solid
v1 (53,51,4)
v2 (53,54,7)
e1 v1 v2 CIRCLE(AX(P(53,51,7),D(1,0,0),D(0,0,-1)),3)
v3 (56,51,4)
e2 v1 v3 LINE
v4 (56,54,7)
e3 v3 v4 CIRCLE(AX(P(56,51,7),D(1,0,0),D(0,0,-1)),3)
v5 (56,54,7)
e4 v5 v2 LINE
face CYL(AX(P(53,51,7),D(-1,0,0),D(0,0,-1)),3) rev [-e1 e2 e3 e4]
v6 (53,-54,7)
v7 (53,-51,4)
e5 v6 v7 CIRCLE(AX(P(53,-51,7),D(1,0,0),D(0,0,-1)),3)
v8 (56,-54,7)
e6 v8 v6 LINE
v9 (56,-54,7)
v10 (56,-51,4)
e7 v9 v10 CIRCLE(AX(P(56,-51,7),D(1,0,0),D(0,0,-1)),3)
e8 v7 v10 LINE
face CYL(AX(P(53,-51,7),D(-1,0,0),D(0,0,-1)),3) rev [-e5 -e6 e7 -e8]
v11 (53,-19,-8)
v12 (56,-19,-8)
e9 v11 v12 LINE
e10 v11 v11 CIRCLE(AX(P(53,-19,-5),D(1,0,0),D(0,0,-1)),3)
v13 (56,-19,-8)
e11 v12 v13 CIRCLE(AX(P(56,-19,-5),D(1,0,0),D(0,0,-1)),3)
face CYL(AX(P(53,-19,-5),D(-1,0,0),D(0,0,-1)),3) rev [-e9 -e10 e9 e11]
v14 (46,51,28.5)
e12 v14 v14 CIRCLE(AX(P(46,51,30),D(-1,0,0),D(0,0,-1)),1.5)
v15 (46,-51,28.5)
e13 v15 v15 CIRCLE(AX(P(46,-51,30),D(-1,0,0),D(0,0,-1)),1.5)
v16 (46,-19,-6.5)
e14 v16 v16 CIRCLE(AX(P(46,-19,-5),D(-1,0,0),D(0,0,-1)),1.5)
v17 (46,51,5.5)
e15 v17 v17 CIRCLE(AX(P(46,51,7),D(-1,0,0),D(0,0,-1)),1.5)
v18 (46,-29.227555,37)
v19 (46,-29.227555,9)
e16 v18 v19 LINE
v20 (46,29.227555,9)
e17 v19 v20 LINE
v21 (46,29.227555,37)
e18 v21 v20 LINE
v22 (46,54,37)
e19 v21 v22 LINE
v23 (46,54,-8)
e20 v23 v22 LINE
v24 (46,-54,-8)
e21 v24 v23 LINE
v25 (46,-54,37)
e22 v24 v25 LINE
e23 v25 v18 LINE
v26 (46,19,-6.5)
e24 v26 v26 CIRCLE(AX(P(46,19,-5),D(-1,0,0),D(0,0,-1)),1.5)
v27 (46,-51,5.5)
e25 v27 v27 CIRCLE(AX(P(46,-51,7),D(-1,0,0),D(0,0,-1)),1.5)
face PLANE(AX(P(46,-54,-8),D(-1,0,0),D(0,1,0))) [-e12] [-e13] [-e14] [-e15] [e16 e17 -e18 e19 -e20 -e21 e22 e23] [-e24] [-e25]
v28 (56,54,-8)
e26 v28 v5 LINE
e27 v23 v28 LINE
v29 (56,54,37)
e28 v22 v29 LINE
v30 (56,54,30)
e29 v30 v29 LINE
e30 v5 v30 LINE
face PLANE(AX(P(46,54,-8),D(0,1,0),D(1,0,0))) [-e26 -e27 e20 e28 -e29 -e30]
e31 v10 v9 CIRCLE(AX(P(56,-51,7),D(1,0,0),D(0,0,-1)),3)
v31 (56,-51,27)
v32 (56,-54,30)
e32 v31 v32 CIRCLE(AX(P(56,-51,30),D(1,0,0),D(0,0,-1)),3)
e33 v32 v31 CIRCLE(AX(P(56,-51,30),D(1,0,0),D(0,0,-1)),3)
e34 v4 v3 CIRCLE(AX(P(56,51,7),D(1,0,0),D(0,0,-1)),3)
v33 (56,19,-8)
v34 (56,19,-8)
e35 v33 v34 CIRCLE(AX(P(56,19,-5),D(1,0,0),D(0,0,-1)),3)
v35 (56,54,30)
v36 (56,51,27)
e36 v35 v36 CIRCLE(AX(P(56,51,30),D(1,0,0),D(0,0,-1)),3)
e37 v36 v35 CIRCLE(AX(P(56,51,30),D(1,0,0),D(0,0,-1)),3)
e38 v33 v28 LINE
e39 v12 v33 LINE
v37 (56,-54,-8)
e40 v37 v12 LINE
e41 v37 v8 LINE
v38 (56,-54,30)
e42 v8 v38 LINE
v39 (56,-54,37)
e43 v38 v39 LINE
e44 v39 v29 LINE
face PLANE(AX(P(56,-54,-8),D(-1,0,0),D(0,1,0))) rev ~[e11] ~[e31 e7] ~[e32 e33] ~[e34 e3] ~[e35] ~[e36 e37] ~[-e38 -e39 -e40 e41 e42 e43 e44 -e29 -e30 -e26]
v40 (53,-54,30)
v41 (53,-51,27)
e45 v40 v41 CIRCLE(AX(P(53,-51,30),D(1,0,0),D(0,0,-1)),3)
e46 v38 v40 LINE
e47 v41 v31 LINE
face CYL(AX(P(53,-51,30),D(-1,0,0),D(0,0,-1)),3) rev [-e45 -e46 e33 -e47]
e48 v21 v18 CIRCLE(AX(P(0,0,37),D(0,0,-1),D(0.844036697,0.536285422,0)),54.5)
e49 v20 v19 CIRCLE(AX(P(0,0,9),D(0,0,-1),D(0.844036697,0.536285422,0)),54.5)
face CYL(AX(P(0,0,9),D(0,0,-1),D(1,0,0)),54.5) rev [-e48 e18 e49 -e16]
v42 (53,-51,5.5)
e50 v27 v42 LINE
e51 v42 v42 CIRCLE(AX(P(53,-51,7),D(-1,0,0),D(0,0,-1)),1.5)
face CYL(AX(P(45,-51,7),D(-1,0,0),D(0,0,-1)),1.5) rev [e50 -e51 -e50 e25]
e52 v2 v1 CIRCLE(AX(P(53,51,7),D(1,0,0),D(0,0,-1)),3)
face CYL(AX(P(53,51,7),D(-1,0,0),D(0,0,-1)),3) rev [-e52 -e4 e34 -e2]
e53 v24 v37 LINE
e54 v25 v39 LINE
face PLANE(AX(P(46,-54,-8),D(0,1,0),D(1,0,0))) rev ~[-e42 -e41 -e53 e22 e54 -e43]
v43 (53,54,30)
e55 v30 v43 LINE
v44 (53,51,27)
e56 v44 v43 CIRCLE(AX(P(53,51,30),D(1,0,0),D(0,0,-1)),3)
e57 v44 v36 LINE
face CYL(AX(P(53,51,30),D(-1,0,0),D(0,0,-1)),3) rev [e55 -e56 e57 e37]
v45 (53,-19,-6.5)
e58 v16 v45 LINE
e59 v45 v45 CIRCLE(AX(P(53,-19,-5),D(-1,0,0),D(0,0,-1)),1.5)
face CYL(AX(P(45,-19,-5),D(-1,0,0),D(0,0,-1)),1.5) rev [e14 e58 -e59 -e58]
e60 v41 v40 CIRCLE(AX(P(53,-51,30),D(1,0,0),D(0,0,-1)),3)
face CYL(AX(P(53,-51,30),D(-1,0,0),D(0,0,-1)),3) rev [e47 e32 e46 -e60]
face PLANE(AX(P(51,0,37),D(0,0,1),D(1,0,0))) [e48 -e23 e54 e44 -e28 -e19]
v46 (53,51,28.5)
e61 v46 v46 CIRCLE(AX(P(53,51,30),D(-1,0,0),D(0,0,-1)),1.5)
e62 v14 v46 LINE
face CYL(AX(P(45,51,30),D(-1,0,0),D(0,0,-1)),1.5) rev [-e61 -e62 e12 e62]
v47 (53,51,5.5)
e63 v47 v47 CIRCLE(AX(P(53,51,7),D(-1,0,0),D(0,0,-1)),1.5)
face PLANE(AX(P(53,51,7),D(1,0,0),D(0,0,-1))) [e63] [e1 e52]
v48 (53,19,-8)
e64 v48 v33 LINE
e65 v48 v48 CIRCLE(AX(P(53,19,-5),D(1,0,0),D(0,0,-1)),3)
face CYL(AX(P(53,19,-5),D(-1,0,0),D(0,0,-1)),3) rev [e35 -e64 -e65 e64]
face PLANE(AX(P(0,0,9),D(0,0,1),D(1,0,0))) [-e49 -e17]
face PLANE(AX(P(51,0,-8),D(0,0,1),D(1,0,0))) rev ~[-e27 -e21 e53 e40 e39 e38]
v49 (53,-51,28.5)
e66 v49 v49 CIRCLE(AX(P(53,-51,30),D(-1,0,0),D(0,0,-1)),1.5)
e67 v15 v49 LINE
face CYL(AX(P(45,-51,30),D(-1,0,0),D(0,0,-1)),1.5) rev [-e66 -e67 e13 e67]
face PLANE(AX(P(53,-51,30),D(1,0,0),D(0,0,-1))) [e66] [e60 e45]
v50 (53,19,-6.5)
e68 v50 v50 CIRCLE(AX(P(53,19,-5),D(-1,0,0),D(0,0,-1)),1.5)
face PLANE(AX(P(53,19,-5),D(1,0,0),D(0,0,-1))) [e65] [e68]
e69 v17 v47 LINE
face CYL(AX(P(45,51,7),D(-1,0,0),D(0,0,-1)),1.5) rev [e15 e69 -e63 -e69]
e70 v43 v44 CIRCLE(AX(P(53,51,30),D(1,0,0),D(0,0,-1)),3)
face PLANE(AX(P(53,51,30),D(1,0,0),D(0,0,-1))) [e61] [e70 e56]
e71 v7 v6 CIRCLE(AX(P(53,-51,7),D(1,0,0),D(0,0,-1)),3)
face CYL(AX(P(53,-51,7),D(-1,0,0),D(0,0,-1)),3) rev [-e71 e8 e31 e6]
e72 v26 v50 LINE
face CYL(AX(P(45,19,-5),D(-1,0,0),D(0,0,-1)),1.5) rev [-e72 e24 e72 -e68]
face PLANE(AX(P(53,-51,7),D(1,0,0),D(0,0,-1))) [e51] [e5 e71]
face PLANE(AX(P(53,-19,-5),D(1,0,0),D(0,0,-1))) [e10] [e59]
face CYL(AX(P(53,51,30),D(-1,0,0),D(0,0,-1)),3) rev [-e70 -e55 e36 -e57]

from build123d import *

# Parameters (mm, degrees)
CYLINDER294_R     = 54.5
CYLINDER294_DEPTH = 28
CYLINDER289_R     = 1.5
CYLINDER289_DEPTH = 20
CYLINDER290_R     = 1.5
CYLINDER290_DEPTH = 20
CYLINDER291_R     = 1.5
CYLINDER291_DEPTH = 20
CYLINDER292_R     = 1.5
CYLINDER292_DEPTH = 20
CYLINDER293_R     = 1.5
CYLINDER293_DEPTH = 20
CYLINDER288_R     = 1.5
CYLINDER288_DEPTH = 20
CYLINDER299_R     = 3
CYLINDER299_DEPTH = 3
CYLINDER298_R     = 3
CYLINDER298_DEPTH = 3
CYLINDER297_R     = 3
CYLINDER297_DEPTH = 3
CYLINDER296_R     = 3
CYLINDER296_DEPTH = 3
CYLINDER295_R     = 3
CYLINDER295_DEPTH = 3
CYLINDER300_R     = 3
CYLINDER300_DEPTH = 3
BOX133_W          = 10
BOX133_H          = 108
BOX133_DEPTH      = 45


with BuildPart() as v_lec294:
    # Cylinder294 → Cylinder294 (new body)
    with BuildSketch(Plane.XY.offset(9)):
        Circle(CYLINDER294_R)
    extrude(amount=CYLINDER294_DEPTH)


with BuildPart() as v_lec289:
    # Cylinder289 → Cylinder289 (new body)
    with BuildSketch(Plane(origin=(45, -19, -5), x_dir=(0, 0, -1), z_dir=(1, 0, 0))):
        Circle(CYLINDER289_R)
    extrude(amount=CYLINDER289_DEPTH)


with BuildPart() as v_lec290:
    # Cylinder290 → Cylinder290 (new body)
    with BuildSketch(Plane(origin=(45, 51, 7), x_dir=(0, 0, -1), z_dir=(1, 0, 0))):
        Circle(CYLINDER290_R)
    extrude(amount=CYLINDER290_DEPTH)


with BuildPart() as v_lec291:
    # Cylinder291 → Cylinder291 (new body)
    with BuildSketch(Plane(origin=(45, -51, 7), x_dir=(0, 0, -1), z_dir=(1, 0, 0))):
        Circle(CYLINDER291_R)
    extrude(amount=CYLINDER291_DEPTH)


with BuildPart() as v_lec292:
    # Cylinder292 → Cylinder292 (new body)
    with BuildSketch(Plane(origin=(45, -51, 30), x_dir=(0, 0, -1), z_dir=(1, 0, 0))):
        Circle(CYLINDER292_R)
    extrude(amount=CYLINDER292_DEPTH)


with BuildPart() as v_lec293:
    # Cylinder293 → Cylinder293 (new body)
    with BuildSketch(Plane(origin=(45, 51, 30), x_dir=(0, 0, -1), z_dir=(1, 0, 0))):
        Circle(CYLINDER293_R)
    extrude(amount=CYLINDER293_DEPTH)


with BuildPart() as compound582:
    # Cylinder288 → Cylinder288 (new body)
    with BuildSketch(Plane(origin=(45, 19, -5), x_dir=(0, 0, -1), z_dir=(1, 0, 0))):
        Circle(CYLINDER288_R)
    extrude(amount=CYLINDER288_DEPTH)

    # Compound582: union Válec289, Válec290, Válec291, Válec292, Válec293
    add(v_lec289.part)
    add(v_lec290.part)
    add(v_lec291.part)
    add(v_lec292.part)
    add(v_lec293.part)


with BuildPart() as v_lec299:
    # Cylinder299 → Cylinder299 (new body)
    with BuildSketch(Plane(origin=(53, -19, -5), x_dir=(0, 0, -1), z_dir=(1, 0, 0))):
        Circle(CYLINDER299_R)
    extrude(amount=CYLINDER299_DEPTH)


with BuildPart() as v_lec298:
    # Cylinder298 → Cylinder298 (new body)
    with BuildSketch(Plane(origin=(53, 51, 7), x_dir=(0, 0, -1), z_dir=(1, 0, 0))):
        Circle(CYLINDER298_R)
    extrude(amount=CYLINDER298_DEPTH)


with BuildPart() as v_lec297:
    # Cylinder297 → Cylinder297 (new body)
    with BuildSketch(Plane(origin=(53, -51, 7), x_dir=(0, 0, -1), z_dir=(1, 0, 0))):
        Circle(CYLINDER297_R)
    extrude(amount=CYLINDER297_DEPTH)


with BuildPart() as v_lec296:
    # Cylinder296 → Cylinder296 (new body)
    with BuildSketch(Plane(origin=(53, -51, 30), x_dir=(0, 0, -1), z_dir=(1, 0, 0))):
        Circle(CYLINDER296_R)
    extrude(amount=CYLINDER296_DEPTH)


with BuildPart() as v_lec295:
    # Cylinder295 → Cylinder295 (new body)
    with BuildSketch(Plane(origin=(53, 51, 30), x_dir=(0, 0, -1), z_dir=(1, 0, 0))):
        Circle(CYLINDER295_R)
    extrude(amount=CYLINDER295_DEPTH)


with BuildPart() as compound583:
    # Cylinder300 → Cylinder300 (new body)
    with BuildSketch(Plane(origin=(53, 19, -5), x_dir=(0, 0, -1), z_dir=(1, 0, 0))):
        Circle(CYLINDER300_R)
    extrude(amount=CYLINDER300_DEPTH)

    # Compound583: union Válec299, Válec298, Válec297, Válec296, Válec295
    add(v_lec299.part)
    add(v_lec298.part)
    add(v_lec297.part)
    add(v_lec296.part)
    add(v_lec295.part)


with BuildPart() as cut359:
    # Box133 → Box133 (new body)
    with BuildSketch(Plane(origin=(46, -54, -8), x_dir=(1, 0, 0), z_dir=(0, 0, 1))):
        with Locations((5, 54)):
            Rectangle(BOX133_W, BOX133_H)
    extrude(amount=BOX133_DEPTH)

    # Cut358: cut Compound583
    add(compound583.part, mode=Mode.SUBTRACT)

    # Cut360: cut Compound582
    add(compound582.part, mode=Mode.SUBTRACT)

    # Cut359: cut Válec294
    add(v_lec294.part, mode=Mode.SUBTRACT)


solid = cut359.part
